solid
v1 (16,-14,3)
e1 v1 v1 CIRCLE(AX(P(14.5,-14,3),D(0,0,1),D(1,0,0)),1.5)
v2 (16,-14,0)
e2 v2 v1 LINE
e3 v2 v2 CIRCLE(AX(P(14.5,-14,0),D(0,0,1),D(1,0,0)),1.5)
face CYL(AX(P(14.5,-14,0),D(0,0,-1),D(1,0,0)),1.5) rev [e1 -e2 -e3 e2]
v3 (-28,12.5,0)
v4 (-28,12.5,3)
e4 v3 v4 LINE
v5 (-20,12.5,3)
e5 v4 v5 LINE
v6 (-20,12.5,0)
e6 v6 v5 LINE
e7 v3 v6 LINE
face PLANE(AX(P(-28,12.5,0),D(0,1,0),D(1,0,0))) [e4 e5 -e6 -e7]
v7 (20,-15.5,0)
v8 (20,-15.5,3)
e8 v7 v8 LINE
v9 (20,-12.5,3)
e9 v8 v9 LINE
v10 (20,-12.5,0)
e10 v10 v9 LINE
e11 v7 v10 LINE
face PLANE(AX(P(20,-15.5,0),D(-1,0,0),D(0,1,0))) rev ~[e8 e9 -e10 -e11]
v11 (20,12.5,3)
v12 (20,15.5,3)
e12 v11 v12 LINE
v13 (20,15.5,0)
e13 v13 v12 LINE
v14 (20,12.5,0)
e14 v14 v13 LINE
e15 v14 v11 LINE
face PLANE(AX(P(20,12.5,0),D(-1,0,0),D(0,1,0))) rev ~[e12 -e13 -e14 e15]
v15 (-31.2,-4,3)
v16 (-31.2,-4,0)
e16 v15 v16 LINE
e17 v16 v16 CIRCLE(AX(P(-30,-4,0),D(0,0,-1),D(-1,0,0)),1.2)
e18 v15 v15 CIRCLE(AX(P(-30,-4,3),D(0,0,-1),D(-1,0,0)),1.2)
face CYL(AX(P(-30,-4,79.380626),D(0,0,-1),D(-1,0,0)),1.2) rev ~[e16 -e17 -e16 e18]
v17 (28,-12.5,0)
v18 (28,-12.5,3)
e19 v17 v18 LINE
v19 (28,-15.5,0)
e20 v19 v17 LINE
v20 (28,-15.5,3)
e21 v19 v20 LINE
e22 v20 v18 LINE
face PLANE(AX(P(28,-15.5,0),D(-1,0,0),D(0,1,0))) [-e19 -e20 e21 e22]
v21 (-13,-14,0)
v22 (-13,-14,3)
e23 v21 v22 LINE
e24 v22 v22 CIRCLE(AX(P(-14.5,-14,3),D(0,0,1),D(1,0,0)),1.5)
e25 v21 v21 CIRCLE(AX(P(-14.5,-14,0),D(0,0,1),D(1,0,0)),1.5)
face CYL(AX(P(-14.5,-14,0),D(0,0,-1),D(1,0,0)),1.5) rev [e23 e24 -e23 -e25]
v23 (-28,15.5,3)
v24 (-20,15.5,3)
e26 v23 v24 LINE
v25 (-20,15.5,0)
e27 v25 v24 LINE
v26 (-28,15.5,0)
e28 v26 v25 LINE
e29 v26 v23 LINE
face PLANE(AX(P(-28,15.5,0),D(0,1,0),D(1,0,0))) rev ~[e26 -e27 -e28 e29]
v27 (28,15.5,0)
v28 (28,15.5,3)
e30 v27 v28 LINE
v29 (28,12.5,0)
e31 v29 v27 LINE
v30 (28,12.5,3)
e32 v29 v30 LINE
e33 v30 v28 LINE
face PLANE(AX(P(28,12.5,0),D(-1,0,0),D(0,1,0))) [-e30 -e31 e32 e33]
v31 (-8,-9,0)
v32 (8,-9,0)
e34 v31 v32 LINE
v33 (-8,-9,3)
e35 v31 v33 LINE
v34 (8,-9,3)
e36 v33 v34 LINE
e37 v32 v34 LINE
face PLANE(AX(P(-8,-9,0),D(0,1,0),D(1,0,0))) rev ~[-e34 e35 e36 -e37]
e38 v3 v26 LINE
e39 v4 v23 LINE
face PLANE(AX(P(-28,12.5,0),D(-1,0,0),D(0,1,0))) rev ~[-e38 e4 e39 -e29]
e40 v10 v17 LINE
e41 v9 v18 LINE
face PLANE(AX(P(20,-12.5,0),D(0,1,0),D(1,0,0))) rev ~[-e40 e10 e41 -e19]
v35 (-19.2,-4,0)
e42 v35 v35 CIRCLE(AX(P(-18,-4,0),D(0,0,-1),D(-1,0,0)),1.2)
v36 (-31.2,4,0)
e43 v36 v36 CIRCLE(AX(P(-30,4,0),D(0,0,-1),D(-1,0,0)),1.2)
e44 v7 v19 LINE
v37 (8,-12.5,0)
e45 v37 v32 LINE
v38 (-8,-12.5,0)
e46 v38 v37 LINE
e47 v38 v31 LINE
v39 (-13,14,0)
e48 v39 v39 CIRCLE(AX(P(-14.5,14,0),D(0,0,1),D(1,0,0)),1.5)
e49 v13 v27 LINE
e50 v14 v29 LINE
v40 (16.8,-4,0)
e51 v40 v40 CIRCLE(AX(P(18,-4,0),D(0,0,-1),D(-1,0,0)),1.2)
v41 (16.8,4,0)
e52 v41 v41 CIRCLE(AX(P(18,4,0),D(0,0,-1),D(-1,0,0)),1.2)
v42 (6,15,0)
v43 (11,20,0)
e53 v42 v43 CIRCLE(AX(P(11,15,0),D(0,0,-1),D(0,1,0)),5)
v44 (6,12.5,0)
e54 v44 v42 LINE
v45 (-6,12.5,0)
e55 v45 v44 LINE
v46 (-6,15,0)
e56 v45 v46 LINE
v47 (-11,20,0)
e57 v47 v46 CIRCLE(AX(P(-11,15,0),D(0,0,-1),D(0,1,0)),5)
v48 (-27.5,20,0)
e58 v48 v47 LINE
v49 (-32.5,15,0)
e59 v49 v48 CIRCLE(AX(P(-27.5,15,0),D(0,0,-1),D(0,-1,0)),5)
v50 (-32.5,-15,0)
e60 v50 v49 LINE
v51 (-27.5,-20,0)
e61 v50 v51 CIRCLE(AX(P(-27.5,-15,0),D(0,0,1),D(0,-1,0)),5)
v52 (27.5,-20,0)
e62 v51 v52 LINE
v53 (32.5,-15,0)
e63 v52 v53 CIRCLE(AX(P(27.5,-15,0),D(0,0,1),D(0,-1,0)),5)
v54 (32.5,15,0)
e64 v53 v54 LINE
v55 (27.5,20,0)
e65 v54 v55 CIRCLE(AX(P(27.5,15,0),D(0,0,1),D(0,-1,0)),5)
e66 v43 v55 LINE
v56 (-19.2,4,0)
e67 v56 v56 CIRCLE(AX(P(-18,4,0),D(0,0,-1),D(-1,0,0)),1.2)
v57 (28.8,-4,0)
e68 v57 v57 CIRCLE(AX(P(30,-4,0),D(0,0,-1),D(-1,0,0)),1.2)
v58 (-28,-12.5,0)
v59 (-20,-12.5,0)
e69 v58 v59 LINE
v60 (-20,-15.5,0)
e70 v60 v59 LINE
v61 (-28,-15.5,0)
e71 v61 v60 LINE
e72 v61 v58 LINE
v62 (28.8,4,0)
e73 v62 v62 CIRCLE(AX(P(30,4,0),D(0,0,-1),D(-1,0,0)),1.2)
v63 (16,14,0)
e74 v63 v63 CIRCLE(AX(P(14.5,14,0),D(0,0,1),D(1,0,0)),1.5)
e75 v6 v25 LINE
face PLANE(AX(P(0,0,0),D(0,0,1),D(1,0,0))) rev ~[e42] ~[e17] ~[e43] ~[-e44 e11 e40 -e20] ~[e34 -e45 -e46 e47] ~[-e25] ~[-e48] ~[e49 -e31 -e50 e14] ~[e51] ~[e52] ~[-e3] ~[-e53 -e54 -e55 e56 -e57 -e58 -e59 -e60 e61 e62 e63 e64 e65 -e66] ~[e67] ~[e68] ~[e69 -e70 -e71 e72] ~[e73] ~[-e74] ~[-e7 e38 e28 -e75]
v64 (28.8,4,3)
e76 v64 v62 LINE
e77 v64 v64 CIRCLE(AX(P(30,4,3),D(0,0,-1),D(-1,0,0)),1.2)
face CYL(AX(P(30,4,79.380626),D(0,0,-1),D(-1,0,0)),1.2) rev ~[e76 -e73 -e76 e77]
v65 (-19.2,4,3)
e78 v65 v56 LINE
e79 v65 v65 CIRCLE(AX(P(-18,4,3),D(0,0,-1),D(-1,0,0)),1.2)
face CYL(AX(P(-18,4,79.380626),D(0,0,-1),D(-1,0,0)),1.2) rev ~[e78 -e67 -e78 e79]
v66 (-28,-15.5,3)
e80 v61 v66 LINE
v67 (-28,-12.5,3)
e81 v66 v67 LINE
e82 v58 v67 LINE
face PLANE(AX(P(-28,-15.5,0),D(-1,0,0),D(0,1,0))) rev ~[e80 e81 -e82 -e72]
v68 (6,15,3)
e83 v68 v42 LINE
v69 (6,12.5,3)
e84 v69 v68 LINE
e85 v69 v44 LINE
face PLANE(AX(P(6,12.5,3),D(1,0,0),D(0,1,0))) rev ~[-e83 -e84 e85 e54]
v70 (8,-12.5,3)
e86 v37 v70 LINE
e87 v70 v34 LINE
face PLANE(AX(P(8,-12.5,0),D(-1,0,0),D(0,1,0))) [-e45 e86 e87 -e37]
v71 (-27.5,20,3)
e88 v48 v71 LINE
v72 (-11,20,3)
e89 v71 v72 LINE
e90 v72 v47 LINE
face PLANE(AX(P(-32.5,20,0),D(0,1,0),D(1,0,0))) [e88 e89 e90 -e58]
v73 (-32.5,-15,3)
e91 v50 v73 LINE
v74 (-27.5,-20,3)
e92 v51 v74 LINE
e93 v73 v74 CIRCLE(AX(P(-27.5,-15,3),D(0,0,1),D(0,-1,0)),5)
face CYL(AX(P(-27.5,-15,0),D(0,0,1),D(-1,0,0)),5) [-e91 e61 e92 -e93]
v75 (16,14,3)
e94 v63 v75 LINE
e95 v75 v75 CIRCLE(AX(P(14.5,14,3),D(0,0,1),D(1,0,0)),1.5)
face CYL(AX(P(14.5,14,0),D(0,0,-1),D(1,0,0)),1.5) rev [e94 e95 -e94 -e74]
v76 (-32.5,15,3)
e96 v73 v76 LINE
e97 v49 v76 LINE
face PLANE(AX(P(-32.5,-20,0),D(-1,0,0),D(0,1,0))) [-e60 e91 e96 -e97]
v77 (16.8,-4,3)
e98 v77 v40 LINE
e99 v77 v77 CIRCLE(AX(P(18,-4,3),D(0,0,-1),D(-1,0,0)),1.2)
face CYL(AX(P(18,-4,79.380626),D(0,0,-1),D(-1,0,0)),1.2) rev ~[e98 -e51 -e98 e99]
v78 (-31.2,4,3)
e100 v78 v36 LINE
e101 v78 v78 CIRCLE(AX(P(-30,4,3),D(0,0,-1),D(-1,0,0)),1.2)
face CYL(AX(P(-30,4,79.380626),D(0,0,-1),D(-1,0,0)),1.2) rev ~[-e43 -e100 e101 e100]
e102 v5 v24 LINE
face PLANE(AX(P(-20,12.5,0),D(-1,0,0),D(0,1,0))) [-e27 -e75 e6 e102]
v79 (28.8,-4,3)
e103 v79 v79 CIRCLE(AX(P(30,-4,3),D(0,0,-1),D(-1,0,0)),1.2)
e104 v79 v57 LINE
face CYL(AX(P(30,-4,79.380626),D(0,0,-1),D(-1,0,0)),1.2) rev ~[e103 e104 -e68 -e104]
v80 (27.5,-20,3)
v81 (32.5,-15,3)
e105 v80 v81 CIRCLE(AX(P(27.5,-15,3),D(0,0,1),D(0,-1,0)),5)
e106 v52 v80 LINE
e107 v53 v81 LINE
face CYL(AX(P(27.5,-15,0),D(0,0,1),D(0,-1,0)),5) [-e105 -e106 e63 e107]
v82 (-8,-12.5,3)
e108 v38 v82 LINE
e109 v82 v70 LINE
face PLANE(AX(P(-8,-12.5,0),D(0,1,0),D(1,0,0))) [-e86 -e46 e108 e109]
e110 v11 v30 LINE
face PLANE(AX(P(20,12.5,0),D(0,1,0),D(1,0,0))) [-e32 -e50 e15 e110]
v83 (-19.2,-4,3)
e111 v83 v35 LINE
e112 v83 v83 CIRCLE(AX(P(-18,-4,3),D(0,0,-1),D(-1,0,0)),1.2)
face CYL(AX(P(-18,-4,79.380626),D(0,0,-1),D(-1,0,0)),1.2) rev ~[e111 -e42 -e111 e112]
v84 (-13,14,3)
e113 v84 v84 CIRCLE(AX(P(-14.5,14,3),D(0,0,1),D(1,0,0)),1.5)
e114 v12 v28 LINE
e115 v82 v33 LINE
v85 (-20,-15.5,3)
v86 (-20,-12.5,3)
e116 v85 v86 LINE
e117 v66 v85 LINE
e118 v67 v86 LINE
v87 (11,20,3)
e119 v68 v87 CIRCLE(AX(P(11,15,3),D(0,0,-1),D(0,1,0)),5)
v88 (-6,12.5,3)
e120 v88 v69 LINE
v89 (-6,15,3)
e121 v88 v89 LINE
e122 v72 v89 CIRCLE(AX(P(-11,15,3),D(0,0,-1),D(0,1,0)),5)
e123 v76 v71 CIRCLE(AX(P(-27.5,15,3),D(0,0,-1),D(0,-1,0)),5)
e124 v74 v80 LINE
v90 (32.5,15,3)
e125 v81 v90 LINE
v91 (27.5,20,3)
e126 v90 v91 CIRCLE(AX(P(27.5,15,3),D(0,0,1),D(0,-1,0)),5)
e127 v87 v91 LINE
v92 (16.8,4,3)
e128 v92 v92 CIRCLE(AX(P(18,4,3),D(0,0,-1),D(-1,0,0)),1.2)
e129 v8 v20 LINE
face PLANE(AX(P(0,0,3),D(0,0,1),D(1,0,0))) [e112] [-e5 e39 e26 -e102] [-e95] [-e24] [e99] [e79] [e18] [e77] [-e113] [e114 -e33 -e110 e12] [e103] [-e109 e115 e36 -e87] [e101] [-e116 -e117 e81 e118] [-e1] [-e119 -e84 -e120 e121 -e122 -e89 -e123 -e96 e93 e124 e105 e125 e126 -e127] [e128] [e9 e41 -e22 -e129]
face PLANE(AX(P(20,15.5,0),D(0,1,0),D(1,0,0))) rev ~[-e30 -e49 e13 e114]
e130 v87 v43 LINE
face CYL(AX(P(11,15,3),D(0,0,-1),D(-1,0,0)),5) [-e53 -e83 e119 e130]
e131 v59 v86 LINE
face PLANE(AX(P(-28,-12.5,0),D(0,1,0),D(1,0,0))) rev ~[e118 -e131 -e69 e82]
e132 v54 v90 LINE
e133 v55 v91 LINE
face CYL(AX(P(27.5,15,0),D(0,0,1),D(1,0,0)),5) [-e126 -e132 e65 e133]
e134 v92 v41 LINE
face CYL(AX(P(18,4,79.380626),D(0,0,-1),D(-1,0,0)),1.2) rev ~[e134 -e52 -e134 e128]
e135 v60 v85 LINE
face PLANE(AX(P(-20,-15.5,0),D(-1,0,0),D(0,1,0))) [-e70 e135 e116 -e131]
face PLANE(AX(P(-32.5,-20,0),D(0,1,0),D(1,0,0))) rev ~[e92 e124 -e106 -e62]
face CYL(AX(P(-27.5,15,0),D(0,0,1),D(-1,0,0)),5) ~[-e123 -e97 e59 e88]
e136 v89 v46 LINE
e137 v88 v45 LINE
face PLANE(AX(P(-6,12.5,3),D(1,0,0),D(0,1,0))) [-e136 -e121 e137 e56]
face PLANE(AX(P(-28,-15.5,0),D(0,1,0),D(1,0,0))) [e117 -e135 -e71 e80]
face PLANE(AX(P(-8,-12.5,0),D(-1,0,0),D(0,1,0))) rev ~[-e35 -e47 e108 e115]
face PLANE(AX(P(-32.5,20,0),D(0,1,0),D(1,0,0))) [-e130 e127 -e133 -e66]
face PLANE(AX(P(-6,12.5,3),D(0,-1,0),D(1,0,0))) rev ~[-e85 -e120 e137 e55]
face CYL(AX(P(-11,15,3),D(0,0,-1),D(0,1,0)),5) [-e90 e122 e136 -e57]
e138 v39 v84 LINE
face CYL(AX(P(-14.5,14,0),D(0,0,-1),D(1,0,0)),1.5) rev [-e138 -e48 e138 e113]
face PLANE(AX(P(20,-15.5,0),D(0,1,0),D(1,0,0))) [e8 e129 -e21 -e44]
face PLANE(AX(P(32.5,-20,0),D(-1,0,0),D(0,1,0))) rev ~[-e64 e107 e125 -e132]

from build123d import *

# Parameters (mm, degrees)
F1_W     = 65
F1_H     = 40
F1_W_2   = 8
F1_H_2   = 3
F1_R     = 1.5
F1_W_3   = 16
F1_H_3   = 3.5
F2_DEPTH = 3
F4_D     = 2.4
F5_W     = 12
F5_H     = 7.5
F6_DEPTH = 25
F7_R     = 5


with BuildPart() as f2:
    # F1 (on Top) → F2 (new body)
    with BuildSketch(Plane.XY):
        Rectangle(F1_W, F1_H)
        with Locations((-24, -14)):
            Rectangle(F1_W_2, F1_H_2, mode=Mode.SUBTRACT)
        with Locations((-14.5, -14)):
            Circle(F1_R, mode=Mode.SUBTRACT)
        with Locations((0, -10.75)):
            Rectangle(F1_W_3, F1_H_3, mode=Mode.SUBTRACT)
        with Locations((14.5, -14)):
            Circle(F1_R, mode=Mode.SUBTRACT)
        with Locations((24, -14)):
            Rectangle(F1_W_2, F1_H_2, mode=Mode.SUBTRACT)
        with Locations((-24, 14)):
            Rectangle(F1_W_2, F1_H_2, mode=Mode.SUBTRACT)
        with Locations((-14.5, 14)):
            Circle(F1_R, mode=Mode.SUBTRACT)
        with Locations((14.5, 14)):
            Circle(F1_R, mode=Mode.SUBTRACT)
        with Locations((24, 14)):
            Rectangle(F1_W_2, F1_H_2, mode=Mode.SUBTRACT)
    extrude(amount=F2_DEPTH)

    # F4 (through all)
    with Locations(Plane.XY.offset(3)):
        with Locations((-30, 4), (-30, -4), (-18, 4), (-18, -4), (18, 4), (18, -4), (30, 4), (30, -4)):
            Hole(F4_D / 2)

    # F5 (on face) → F6 (cut)
    with BuildSketch(Plane.XY.offset(3)):
        with Locations((0, 16.25)):
            Rectangle(F5_W, F5_H)
    extrude(amount=-F6_DEPTH, mode=Mode.SUBTRACT)

    # F7
    f7_edges = [f2.edges().sort_by_distance(p)[0] for p in [
        (-32.5, -20, 1.5),
        (-32.5, 20, 1.5),
        (32.5, -20, 1.5),
        (32.5, 20, 1.5),
        (-6, 20, 1.5),
        (6, 20, 1.5),
    ]]
    fillet(f7_edges, radius=F7_R)


solid = f2.part
